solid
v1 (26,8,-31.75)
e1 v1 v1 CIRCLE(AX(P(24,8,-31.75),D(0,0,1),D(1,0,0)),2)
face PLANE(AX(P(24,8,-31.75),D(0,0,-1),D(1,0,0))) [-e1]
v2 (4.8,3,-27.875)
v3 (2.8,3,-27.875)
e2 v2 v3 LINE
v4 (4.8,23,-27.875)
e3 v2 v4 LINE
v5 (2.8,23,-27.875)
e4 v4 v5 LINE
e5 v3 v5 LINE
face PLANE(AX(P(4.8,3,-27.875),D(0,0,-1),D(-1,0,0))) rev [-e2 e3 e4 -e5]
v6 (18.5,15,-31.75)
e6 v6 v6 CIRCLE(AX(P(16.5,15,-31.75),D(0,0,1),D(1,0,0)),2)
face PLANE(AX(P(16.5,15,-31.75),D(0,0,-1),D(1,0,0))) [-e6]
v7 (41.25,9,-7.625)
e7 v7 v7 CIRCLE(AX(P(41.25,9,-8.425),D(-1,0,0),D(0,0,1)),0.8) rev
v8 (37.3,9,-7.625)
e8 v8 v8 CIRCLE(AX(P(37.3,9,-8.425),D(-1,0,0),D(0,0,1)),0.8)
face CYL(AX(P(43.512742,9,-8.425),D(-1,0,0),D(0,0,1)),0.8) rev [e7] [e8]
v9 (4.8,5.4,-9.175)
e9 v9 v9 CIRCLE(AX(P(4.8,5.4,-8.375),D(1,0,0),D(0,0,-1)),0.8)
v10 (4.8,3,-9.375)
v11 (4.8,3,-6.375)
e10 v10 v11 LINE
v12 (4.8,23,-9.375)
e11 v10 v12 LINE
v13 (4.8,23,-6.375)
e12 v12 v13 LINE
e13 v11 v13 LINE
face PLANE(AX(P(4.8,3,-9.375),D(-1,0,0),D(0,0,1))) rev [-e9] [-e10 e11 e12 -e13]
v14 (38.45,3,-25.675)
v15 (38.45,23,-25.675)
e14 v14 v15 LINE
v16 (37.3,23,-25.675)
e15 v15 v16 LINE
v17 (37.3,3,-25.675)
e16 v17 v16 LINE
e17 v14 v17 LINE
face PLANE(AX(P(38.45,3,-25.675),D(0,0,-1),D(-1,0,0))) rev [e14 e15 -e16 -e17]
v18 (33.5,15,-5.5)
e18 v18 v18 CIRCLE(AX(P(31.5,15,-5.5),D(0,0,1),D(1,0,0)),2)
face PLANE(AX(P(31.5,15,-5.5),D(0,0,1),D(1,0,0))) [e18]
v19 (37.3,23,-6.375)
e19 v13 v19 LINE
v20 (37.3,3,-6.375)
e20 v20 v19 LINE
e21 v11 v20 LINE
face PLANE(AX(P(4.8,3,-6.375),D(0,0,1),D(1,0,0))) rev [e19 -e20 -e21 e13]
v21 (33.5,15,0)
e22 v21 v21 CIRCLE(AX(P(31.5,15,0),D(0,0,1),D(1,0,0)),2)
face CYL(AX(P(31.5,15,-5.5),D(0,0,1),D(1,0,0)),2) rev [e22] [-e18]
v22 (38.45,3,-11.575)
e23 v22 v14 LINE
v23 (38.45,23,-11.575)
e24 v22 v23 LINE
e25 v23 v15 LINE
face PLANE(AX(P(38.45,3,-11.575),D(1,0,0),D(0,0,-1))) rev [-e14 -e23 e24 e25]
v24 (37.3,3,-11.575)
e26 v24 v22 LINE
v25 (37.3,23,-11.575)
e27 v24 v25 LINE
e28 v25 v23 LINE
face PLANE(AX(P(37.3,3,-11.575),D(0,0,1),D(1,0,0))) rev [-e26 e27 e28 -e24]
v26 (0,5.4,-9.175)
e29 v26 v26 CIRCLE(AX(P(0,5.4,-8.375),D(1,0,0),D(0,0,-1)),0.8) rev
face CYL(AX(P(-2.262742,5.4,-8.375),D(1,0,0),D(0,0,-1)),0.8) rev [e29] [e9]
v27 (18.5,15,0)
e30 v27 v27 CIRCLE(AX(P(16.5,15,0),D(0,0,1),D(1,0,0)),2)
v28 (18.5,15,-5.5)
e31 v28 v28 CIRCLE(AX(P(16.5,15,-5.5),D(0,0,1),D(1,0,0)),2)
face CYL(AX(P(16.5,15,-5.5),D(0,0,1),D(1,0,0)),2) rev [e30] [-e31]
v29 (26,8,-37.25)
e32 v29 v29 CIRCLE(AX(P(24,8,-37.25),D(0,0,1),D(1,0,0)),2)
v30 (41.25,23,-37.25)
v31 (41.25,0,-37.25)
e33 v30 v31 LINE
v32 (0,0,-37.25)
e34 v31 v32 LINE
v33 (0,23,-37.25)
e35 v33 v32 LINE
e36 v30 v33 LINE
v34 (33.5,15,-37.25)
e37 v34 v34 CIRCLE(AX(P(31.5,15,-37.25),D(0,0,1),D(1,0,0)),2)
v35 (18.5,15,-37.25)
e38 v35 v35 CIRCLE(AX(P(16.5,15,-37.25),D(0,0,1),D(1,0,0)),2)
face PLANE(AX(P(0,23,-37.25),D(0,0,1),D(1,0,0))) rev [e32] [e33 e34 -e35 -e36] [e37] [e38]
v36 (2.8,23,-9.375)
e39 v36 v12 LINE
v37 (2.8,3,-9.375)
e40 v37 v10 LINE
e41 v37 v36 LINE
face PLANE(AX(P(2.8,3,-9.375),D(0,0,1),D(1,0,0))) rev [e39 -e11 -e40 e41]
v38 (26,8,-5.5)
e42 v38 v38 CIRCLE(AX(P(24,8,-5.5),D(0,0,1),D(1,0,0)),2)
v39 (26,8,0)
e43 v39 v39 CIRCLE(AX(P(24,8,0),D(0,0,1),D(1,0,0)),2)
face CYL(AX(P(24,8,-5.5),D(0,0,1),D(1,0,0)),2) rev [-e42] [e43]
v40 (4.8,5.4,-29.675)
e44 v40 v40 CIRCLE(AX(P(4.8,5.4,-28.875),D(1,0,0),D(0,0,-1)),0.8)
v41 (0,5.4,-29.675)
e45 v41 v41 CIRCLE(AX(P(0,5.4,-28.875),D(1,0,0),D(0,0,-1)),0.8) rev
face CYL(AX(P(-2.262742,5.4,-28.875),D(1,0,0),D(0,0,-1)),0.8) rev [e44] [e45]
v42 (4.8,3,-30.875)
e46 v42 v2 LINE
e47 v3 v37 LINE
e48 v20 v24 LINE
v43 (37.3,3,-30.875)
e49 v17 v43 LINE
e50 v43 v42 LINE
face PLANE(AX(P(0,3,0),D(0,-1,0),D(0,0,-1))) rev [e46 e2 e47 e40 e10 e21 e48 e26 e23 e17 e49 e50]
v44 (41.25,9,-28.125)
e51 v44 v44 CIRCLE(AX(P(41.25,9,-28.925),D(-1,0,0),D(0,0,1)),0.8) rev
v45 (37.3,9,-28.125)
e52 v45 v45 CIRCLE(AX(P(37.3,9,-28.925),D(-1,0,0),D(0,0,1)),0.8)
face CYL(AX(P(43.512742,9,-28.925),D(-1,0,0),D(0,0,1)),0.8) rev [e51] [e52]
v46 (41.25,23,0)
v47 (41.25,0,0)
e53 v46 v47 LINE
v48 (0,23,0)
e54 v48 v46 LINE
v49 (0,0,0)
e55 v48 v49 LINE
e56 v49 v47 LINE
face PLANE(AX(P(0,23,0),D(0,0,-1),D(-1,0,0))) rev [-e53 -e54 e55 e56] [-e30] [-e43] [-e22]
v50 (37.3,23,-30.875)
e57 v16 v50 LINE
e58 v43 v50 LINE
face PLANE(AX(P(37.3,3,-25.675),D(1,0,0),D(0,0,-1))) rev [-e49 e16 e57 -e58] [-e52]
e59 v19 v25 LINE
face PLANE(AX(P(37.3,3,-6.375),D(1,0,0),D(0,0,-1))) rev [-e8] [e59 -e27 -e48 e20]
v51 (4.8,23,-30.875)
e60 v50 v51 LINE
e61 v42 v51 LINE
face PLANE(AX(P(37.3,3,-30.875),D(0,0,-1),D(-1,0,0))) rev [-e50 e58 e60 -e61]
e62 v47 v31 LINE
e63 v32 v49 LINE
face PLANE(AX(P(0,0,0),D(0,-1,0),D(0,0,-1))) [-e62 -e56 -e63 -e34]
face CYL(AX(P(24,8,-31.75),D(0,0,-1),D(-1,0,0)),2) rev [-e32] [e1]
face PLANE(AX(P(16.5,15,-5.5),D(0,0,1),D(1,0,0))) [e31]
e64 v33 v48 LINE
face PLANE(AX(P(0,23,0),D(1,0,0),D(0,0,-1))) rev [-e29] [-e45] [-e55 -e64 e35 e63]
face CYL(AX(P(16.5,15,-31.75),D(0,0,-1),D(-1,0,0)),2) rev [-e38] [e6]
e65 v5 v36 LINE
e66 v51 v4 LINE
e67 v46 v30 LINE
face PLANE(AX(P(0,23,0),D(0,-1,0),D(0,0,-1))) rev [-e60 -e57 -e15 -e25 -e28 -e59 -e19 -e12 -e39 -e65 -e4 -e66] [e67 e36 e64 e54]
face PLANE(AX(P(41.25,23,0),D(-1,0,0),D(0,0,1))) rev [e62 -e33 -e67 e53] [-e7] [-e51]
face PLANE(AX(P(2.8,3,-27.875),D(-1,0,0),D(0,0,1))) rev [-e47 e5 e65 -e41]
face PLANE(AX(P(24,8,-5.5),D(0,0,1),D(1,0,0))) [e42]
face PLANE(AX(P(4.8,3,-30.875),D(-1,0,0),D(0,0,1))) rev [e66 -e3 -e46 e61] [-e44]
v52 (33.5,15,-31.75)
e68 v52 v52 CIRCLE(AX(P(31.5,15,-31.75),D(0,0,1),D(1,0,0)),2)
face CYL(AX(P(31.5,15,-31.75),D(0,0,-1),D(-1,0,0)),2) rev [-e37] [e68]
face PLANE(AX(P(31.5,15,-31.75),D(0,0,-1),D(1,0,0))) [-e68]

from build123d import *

# Parameters (mm, degrees)
SKETCH1_W           = 41.25
SKETCH1_H           = 37.25
BOSS_EXTRUDE1_DEPTH = 23
CUT_EXTRUDE1_DEPTH  = 20
SKETCH3_R           = 0.8
CUT_EXTRUDE2_DEPTH  = 3.95
SKETCH4_R           = 0.8
CUT_EXTRUDE3_DEPTH  = 4.8
SKETCH5_R           = 2
CUT_EXTRUDE4_DEPTH  = 5.5


with BuildPart() as part:
    # Sketch1 → Boss-Extrude1 (new body)
    with BuildSketch(Plane(origin=(0, 0, 0), x_dir=(1, 0, 0), z_dir=(0, 1, 0))):
        with Locations((20.625, 18.625)):
            Rectangle(SKETCH1_W, SKETCH1_H)
    extrude(amount=BOSS_EXTRUDE1_DEPTH)

    # Sketch2 → Cut-Extrude1 (cut)
    with BuildSketch(Plane(origin=(0, 23, 0), x_dir=(1, 0, 0), z_dir=(0, 1, 0))):
        Polygon((37.3, 30.875), (4.8, 30.875), (4.8, 27.875), (2.8, 27.875), (2.8, 9.375), (4.8, 9.375), (4.8, 6.375), (37.3, 6.375), (37.3, 11.575), (38.45, 11.575), (38.45, 25.675), (37.3, 25.675), align=None)
    extrude(amount=-CUT_EXTRUDE1_DEPTH, mode=Mode.SUBTRACT)

    # Sketch3 → Cut-Extrude2 (cut)
    with BuildSketch(Plane.ZY.offset(-37.3)):
        with Locations((-28.925, 9)):
            Circle(SKETCH3_R)
        with Locations((-8.425, 9)):
            Circle(SKETCH3_R)
    extrude(amount=-CUT_EXTRUDE2_DEPTH, mode=Mode.SUBTRACT)

    # Sketch4 → Cut-Extrude3 (cut)
    with BuildSketch(Plane(origin=(4.8, 0, 0), x_dir=(0, 0, -1), z_dir=(1, 0, 0))):
        with Locations((28.875, 5.4)):
            Circle(SKETCH4_R)
        with Locations((8.375, 5.4)):
            Circle(SKETCH4_R)
    extrude(amount=-CUT_EXTRUDE3_DEPTH, mode=Mode.SUBTRACT)

    # Sketch5 → Cut-Extrude4 (cut)
    with BuildSketch(Plane.XY):
        with Locations((16.5, 15)):
            Circle(SKETCH5_R)
        with Locations((31.5, 15)):
            Circle(SKETCH5_R)
        with Locations((24, 8)):
            Circle(SKETCH5_R)
    cut_extrude4 = extrude(amount=-CUT_EXTRUDE4_DEPTH, mode=Mode.SUBTRACT)

    # Mirror1: Cut-Extrude4 across plane
    add(cut_extrude4.mirror(Plane.XY.offset(-18.625)), mode=Mode.SUBTRACT)


solid = part.part
